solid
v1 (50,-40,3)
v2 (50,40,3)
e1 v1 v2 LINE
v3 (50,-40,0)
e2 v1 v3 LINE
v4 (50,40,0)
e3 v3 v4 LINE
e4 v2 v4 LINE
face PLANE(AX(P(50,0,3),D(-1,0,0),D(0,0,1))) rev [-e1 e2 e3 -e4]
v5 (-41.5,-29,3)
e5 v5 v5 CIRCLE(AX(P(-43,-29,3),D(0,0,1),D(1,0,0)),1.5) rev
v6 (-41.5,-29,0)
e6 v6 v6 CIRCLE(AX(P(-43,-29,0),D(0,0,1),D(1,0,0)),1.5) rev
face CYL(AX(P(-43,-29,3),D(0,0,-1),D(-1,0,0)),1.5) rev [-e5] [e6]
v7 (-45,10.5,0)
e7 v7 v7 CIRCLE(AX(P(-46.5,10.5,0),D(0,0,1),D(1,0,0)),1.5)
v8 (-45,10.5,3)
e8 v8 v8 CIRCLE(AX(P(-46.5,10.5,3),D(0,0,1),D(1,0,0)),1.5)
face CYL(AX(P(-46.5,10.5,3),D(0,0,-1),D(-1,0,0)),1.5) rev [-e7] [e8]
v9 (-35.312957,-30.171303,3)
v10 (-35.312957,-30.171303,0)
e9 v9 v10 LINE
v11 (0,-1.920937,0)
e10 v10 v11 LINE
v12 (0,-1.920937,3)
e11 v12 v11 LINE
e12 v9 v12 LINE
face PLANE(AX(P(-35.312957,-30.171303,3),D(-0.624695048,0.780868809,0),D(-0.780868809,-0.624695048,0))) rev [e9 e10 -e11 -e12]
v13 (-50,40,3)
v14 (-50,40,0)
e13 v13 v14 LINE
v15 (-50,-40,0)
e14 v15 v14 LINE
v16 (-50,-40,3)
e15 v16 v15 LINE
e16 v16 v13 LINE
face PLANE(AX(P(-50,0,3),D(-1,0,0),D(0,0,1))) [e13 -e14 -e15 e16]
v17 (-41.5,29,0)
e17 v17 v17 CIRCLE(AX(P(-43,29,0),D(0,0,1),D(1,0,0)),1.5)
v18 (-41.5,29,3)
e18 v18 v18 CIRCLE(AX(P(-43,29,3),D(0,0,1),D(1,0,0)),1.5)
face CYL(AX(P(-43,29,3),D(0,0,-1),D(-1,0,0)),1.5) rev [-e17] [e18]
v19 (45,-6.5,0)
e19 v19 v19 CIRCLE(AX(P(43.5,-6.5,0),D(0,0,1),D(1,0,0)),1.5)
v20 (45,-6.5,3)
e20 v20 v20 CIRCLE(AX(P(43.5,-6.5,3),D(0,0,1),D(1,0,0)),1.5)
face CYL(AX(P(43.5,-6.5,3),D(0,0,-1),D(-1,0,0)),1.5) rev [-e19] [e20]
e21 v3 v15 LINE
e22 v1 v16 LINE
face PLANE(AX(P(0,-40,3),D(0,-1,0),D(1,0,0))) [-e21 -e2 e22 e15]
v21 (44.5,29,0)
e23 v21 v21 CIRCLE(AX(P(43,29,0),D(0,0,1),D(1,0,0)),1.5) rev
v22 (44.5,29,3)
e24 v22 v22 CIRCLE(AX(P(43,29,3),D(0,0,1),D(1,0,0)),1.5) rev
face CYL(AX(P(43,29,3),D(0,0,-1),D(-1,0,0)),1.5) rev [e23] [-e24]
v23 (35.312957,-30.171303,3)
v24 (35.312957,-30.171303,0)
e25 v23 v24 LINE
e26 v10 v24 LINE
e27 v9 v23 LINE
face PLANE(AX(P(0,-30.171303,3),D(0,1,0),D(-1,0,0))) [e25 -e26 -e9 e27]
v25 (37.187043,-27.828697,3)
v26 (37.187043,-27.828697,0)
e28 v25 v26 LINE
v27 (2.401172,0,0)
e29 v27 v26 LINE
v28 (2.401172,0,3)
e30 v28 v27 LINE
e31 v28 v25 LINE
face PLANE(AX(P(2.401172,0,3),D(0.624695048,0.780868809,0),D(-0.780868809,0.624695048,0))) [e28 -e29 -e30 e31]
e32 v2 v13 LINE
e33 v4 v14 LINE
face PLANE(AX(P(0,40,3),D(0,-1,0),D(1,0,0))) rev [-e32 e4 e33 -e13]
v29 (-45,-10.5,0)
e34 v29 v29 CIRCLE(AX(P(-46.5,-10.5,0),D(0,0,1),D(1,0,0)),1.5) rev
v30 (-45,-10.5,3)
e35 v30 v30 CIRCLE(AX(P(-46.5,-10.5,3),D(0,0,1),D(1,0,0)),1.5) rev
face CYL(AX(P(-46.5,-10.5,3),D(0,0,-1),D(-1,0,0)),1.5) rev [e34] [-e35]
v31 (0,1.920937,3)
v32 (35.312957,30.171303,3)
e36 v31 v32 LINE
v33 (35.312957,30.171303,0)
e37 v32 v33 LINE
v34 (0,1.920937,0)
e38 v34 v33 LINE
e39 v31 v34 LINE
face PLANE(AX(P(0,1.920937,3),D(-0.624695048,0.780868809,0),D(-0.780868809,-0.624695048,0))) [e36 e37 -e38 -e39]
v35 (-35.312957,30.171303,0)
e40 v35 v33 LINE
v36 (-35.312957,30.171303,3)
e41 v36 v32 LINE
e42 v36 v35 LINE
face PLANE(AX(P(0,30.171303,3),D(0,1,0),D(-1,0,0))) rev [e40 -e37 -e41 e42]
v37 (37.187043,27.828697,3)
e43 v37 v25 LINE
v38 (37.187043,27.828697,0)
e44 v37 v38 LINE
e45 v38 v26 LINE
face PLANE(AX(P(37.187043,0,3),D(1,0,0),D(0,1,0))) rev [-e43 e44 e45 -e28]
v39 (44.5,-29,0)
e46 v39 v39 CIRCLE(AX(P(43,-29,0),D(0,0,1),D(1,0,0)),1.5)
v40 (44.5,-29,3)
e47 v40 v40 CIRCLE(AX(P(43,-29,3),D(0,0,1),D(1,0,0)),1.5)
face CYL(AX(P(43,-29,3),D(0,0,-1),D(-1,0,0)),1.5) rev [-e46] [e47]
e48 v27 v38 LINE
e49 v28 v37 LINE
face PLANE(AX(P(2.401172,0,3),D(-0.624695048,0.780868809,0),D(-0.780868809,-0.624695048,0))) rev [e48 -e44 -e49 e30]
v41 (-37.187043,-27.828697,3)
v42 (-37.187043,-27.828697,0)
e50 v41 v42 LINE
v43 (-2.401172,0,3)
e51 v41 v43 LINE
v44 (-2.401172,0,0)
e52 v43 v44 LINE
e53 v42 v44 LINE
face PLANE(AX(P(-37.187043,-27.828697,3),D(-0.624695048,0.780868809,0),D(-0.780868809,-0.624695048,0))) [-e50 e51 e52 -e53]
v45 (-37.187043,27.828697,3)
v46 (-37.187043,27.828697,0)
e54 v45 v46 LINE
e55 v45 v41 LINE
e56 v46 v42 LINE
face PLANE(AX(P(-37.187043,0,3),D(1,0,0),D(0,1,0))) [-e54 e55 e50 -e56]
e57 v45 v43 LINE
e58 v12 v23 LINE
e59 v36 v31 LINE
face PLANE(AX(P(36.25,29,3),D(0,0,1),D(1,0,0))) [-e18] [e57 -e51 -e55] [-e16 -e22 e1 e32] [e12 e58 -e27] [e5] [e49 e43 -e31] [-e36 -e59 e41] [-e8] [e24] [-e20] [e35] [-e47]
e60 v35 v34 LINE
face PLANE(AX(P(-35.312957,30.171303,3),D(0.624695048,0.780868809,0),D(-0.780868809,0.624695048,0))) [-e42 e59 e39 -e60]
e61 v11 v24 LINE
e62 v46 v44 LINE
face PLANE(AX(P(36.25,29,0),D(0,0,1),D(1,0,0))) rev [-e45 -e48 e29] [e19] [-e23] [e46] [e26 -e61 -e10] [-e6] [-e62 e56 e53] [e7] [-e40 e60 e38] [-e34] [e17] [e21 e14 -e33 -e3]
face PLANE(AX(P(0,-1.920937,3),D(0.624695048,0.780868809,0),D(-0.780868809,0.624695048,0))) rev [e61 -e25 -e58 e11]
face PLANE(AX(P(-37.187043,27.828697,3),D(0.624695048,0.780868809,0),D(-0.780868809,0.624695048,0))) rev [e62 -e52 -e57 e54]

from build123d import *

# Parameters (mm, degrees)
EXTRUDE_2_DEPTH = 3
SKETCH_1_5_W    = 100
SKETCH_1_5_H    = 80
SKETCH_1_5_R    = 1.5
EXTRUDE_3_DEPTH = 3


with BuildPart() as part:
    # 草图1 → 凸台-拉伸2 (new body)
    with BuildSketch(Plane.XY):
        with BuildLine():
            Line((-35.312957429, 30.171303214), (0, 1.920937271))
            Line((0, 1.920937271), (35.312957429, 30.171303214))
            ThreePointArc((35.312957429, 30.171303214), (37.421303214, 29.937042571), (37.187042571, 27.828696786))
            Line((37.187042571, 27.828696786), (2.401171589, 0))
            Line((2.401171589, 0), (37.187042571, -27.828696786))
            ThreePointArc((37.187042571, -27.828696786), (37.421303214, -29.937042571), (35.312957429, -30.171303214))
            Line((35.312957429, -30.171303214), (0, -1.920937271))
            Line((0, -1.920937271), (-35.312957429, -30.171303214))
            ThreePointArc((-35.312957429, -30.171303214), (-37.421303214, -29.937042571), (-37.187042571, -27.828696786))
            Line((-37.187042571, -27.828696786), (-2.401171589, 0))
            Line((-2.401171589, 0), (-37.187042571, 27.828696786))
            ThreePointArc((-37.187042571, 27.828696786), (-37.421303214, 29.937042571), (-35.312957429, 30.171303214))
        make_face()
    extrude(amount=EXTRUDE_2_DEPTH)

    # 草图1<5> → 凸台-拉伸3 (add)
    with BuildSketch(Plane.XY):
        Rectangle(SKETCH_1_5_W, SKETCH_1_5_H)
        with Locations((-43, -29)):
            Circle(SKETCH_1_5_R, mode=Mode.SUBTRACT)
        with BuildLine():
            ThreePointArc((-45, -10.5), (-47.560660172, -11.560660172), (-46.5, -9))
            ThreePointArc((-46.5, -9), (-45.439339828, -9.439339828), (-45, -10.5))
        make_face(mode=Mode.SUBTRACT)
        with Locations((43, -29)):
            Circle(SKETCH_1_5_R, mode=Mode.SUBTRACT)
        with Locations((43.5, -6.5)):
            Circle(SKETCH_1_5_R, mode=Mode.SUBTRACT)
        with BuildLine():
            ThreePointArc((-45, 10.5), (-45.439339828, 9.439339828), (-46.5, 9))
            ThreePointArc((-46.5, 9), (-47.560660172, 11.560660172), (-45, 10.5))
        make_face(mode=Mode.SUBTRACT)
        with Locations((-43, 29)):
            Circle(SKETCH_1_5_R, mode=Mode.SUBTRACT)
        with BuildLine():
            ThreePointArc((-37.187042571, 27.828696786), (-37.421303214, 29.937042571), (-35.312957429, 30.171303214))
            Line((-35.312957429, 30.171303214), (35.312957429, 30.171303214))
            ThreePointArc((35.312957429, 30.171303214), (37.421303214, 29.937042571), (37.187042571, 27.828696786))
            Line((37.187042571, 27.828696786), (37.187042571, -27.828696786))
            ThreePointArc((37.187042571, -27.828696786), (37.421303214, -29.937042571), (35.312957429, -30.171303214))
            Line((35.312957429, -30.171303214), (-35.312957429, -30.171303214))
            ThreePointArc((-35.312957429, -30.171303214), (-37.421303214, -29.937042571), (-37.187042571, -27.828696786))
            Line((-37.187042571, -27.828696786), (-37.187042571, 27.828696786))
        make_face(mode=Mode.SUBTRACT)
        with Locations((43, 29)):
            Circle(SKETCH_1_5_R, mode=Mode.SUBTRACT)
    extrude(amount=EXTRUDE_3_DEPTH)


solid = part.part
